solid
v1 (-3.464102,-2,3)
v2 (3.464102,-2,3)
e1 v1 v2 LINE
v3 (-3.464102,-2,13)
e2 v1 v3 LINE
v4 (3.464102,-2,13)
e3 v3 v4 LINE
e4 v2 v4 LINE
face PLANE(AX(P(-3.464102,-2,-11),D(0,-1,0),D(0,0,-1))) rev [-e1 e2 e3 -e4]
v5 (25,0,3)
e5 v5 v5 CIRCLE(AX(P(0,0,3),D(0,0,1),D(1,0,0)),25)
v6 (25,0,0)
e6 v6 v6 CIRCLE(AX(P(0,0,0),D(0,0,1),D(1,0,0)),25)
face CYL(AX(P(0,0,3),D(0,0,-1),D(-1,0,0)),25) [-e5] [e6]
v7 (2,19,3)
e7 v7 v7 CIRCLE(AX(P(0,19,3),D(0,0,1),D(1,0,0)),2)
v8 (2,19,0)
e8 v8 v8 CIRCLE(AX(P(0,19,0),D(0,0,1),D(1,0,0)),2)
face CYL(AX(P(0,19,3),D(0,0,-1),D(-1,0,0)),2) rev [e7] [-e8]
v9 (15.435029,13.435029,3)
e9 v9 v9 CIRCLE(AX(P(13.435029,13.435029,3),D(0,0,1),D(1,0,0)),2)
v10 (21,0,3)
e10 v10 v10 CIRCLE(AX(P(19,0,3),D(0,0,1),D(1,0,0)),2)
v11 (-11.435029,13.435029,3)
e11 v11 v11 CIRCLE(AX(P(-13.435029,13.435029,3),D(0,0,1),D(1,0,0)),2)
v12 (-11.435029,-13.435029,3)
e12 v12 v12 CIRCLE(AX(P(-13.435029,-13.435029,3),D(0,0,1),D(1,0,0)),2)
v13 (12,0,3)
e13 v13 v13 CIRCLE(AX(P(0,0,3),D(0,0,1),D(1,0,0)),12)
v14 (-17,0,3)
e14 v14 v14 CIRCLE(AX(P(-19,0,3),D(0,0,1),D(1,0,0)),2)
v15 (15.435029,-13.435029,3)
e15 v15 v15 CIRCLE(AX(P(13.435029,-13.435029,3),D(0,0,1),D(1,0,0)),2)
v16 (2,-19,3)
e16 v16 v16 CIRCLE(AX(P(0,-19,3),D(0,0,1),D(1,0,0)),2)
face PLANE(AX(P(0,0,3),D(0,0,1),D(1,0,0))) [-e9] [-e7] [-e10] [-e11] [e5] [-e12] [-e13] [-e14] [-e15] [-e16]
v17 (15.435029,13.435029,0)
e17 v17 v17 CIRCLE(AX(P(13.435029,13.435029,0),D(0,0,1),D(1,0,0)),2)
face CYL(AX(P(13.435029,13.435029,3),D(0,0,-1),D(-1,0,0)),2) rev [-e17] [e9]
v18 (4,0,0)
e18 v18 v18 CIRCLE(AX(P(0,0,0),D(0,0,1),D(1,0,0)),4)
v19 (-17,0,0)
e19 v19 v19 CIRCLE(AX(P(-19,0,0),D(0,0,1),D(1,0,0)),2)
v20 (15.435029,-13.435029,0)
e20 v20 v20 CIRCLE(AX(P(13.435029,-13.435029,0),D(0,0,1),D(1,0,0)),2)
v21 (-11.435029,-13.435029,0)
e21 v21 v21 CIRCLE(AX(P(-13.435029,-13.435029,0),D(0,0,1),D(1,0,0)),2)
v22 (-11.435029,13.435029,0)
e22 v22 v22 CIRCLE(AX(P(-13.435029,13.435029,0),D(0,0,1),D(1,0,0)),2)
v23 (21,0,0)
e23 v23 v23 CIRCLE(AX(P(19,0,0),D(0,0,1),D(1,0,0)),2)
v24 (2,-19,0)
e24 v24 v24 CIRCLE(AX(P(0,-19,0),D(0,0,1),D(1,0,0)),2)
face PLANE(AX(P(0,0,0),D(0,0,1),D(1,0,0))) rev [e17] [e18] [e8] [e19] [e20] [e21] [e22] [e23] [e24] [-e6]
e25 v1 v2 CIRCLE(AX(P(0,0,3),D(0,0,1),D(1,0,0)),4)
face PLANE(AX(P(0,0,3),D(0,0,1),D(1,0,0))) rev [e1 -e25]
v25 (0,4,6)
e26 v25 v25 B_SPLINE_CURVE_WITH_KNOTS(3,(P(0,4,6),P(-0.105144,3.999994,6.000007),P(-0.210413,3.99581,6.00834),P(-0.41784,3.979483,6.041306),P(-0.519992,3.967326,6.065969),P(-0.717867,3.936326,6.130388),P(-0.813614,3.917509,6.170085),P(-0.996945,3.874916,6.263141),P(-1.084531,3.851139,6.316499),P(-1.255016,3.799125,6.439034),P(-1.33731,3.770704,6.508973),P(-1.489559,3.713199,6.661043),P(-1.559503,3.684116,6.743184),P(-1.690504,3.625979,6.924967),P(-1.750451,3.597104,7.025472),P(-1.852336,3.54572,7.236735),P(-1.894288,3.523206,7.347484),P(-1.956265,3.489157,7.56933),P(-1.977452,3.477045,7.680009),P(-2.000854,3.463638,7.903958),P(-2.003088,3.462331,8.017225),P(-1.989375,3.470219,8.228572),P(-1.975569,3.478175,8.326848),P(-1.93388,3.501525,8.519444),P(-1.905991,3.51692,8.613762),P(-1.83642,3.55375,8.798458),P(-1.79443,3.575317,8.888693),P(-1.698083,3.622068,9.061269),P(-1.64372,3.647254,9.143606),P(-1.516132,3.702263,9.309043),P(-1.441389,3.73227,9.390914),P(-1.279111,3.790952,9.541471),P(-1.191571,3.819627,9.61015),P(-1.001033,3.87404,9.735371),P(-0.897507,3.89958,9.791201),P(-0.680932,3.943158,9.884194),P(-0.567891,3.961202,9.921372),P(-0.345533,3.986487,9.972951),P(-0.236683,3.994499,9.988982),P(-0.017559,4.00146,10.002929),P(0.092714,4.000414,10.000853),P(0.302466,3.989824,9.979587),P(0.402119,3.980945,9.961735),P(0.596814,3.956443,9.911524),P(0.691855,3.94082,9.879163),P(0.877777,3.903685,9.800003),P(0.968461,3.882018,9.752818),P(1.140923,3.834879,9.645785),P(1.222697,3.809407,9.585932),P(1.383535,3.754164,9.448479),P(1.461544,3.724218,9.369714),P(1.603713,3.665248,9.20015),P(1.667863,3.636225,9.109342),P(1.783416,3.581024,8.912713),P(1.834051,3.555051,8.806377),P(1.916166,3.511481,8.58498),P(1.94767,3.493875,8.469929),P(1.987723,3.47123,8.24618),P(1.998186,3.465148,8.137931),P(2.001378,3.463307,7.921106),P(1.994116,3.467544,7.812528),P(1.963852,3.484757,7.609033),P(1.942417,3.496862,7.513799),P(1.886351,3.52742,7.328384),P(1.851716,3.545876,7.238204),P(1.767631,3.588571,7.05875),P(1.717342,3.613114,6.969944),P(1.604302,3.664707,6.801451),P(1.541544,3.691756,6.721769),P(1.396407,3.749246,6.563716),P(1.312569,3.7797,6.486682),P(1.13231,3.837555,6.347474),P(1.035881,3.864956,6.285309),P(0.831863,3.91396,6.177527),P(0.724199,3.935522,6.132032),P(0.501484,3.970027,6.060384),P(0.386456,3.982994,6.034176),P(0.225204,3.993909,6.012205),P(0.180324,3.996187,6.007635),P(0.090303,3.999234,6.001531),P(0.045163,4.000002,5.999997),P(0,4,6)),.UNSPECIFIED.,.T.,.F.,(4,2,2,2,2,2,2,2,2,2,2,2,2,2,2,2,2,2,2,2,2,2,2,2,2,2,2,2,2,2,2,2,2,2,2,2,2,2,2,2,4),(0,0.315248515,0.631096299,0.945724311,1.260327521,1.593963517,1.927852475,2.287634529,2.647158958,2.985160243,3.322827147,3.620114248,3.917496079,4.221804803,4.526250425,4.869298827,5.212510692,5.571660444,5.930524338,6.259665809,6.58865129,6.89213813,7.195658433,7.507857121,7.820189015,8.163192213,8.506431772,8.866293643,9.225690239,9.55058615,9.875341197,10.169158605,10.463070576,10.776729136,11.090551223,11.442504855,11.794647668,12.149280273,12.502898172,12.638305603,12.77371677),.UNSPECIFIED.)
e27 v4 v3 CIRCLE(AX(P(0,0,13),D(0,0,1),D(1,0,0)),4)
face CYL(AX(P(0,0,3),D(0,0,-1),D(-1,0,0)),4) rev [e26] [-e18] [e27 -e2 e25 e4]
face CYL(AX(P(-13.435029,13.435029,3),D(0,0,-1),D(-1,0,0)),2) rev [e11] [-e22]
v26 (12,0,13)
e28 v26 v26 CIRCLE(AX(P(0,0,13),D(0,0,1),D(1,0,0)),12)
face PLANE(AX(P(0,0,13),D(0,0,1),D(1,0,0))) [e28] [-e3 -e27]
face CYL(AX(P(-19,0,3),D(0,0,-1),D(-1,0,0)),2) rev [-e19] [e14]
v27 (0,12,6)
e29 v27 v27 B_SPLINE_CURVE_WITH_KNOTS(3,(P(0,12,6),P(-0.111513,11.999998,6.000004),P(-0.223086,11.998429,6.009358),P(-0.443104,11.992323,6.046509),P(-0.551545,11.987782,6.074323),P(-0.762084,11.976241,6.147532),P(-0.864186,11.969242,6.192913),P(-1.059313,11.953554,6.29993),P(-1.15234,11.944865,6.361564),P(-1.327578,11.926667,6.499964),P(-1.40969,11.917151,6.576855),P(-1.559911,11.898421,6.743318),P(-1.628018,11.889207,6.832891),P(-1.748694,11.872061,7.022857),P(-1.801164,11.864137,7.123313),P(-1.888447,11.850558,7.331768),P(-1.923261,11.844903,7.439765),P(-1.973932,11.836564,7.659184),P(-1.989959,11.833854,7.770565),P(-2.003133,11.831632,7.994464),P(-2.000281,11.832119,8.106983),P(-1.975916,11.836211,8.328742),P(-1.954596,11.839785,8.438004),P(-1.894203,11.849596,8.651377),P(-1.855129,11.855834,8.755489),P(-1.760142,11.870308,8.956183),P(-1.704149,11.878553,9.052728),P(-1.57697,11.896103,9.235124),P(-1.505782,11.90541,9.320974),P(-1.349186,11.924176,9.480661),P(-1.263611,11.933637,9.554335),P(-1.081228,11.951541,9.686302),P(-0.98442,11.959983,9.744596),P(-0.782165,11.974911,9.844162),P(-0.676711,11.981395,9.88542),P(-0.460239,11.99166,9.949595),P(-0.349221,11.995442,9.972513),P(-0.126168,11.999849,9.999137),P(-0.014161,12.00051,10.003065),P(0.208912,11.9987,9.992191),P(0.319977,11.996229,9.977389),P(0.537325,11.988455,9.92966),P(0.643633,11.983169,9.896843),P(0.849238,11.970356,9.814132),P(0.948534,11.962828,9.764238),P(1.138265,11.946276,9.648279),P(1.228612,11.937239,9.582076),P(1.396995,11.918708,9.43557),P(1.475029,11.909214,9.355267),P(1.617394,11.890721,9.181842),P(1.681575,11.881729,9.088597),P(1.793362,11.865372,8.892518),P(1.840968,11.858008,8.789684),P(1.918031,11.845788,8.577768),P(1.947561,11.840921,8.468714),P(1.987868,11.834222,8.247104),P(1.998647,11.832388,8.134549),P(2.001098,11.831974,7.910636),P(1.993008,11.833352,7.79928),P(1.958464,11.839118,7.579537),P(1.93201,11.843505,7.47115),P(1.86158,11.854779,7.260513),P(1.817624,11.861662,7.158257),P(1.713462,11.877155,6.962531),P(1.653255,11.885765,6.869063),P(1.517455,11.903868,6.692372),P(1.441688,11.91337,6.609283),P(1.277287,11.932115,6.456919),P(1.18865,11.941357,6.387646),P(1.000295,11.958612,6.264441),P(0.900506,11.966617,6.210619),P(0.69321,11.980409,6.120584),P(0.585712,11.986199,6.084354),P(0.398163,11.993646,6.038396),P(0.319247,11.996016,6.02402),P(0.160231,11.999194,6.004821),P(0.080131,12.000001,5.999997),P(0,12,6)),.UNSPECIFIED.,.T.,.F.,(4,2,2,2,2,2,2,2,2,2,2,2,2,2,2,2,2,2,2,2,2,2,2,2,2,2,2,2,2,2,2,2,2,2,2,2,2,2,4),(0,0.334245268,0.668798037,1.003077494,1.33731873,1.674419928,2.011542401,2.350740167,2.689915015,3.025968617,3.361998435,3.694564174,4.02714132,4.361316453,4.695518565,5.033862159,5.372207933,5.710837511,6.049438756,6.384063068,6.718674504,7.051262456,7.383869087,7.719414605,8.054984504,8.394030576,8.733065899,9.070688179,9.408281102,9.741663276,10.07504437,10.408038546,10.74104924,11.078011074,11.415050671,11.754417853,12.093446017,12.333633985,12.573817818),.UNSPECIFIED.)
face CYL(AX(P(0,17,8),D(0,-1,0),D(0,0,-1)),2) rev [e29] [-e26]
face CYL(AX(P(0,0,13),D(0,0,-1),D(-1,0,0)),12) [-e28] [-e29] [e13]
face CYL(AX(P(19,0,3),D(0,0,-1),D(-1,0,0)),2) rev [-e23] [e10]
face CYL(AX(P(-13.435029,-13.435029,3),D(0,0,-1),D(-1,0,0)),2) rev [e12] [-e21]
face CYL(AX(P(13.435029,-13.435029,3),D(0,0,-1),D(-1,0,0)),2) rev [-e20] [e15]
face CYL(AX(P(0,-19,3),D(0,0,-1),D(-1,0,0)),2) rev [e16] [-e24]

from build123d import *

# Parameters (mm, degrees)
SKETCH_1_R          = 25
SKETCH_1_R_2        = 2
SKETCH_1_R_3        = 4
EXTRUDE_1_DEPTH     = 3
SKETCH_2_R          = 12
EXTRUDE_2_DEPTH     = 10
CUT_EXTRUDE_START   = -24
CUT_EXTRUDE_1_DEPTH = 24
SKETCH_4_R          = 2
CUT_EXTRUDE_2_DEPTH = 19


with BuildPart() as part:
    # 草图1 → 凸台-拉伸1 (new body)
    with BuildSketch(Plane.XY):
        Circle(SKETCH_1_R)
        with Locations((0, 19)):
            Circle(SKETCH_1_R_2, mode=Mode.SUBTRACT)
        with Locations((13.435028843, 13.435028843)):
            Circle(SKETCH_1_R_2, mode=Mode.SUBTRACT)
        with Locations((19, 0)):
            Circle(SKETCH_1_R_2, mode=Mode.SUBTRACT)
        with Locations((13.435028843, -13.435028843)):
            Circle(SKETCH_1_R_2, mode=Mode.SUBTRACT)
        with Locations((0, -19)):
            Circle(SKETCH_1_R_2, mode=Mode.SUBTRACT)
        with Locations((-13.435028843, -13.435028843)):
            Circle(SKETCH_1_R_2, mode=Mode.SUBTRACT)
        with Locations((-19, 0)):
            Circle(SKETCH_1_R_2, mode=Mode.SUBTRACT)
        with Locations((-13.435028843, 13.435028843)):
            Circle(SKETCH_1_R_2, mode=Mode.SUBTRACT)
        Circle(SKETCH_1_R_3, mode=Mode.SUBTRACT)
    extrude(amount=EXTRUDE_1_DEPTH)

    # 草图2 → 凸台-拉伸2 (add)
    with BuildSketch(Plane.XY.offset(3)):
        Circle(SKETCH_2_R)
    extrude(amount=EXTRUDE_2_DEPTH)

    # 草图3 → 切除-拉伸1 (cut)
    with BuildSketch(Plane.XY.offset(13).offset(CUT_EXTRUDE_START)):
        with BuildLine():
            Line((-3.464101615, -2), (3.464101615, -2))
            ThreePointArc((3.464101615, -2), (0, 4), (-3.464101615, -2))
        make_face()
    extrude(amount=CUT_EXTRUDE_1_DEPTH, mode=Mode.SUBTRACT)

    # 草图4 → 切除-拉伸2 (cut)
    with BuildSketch(Plane(origin=(0, -2, 0), x_dir=(1, 0, 0), z_dir=(0, 1, 0))):
        with Locations(Location((0, -8, 0), (0, 0, 90))):
            Circle(SKETCH_4_R)
    extrude(amount=CUT_EXTRUDE_2_DEPTH, mode=Mode.SUBTRACT)


solid = part.part
